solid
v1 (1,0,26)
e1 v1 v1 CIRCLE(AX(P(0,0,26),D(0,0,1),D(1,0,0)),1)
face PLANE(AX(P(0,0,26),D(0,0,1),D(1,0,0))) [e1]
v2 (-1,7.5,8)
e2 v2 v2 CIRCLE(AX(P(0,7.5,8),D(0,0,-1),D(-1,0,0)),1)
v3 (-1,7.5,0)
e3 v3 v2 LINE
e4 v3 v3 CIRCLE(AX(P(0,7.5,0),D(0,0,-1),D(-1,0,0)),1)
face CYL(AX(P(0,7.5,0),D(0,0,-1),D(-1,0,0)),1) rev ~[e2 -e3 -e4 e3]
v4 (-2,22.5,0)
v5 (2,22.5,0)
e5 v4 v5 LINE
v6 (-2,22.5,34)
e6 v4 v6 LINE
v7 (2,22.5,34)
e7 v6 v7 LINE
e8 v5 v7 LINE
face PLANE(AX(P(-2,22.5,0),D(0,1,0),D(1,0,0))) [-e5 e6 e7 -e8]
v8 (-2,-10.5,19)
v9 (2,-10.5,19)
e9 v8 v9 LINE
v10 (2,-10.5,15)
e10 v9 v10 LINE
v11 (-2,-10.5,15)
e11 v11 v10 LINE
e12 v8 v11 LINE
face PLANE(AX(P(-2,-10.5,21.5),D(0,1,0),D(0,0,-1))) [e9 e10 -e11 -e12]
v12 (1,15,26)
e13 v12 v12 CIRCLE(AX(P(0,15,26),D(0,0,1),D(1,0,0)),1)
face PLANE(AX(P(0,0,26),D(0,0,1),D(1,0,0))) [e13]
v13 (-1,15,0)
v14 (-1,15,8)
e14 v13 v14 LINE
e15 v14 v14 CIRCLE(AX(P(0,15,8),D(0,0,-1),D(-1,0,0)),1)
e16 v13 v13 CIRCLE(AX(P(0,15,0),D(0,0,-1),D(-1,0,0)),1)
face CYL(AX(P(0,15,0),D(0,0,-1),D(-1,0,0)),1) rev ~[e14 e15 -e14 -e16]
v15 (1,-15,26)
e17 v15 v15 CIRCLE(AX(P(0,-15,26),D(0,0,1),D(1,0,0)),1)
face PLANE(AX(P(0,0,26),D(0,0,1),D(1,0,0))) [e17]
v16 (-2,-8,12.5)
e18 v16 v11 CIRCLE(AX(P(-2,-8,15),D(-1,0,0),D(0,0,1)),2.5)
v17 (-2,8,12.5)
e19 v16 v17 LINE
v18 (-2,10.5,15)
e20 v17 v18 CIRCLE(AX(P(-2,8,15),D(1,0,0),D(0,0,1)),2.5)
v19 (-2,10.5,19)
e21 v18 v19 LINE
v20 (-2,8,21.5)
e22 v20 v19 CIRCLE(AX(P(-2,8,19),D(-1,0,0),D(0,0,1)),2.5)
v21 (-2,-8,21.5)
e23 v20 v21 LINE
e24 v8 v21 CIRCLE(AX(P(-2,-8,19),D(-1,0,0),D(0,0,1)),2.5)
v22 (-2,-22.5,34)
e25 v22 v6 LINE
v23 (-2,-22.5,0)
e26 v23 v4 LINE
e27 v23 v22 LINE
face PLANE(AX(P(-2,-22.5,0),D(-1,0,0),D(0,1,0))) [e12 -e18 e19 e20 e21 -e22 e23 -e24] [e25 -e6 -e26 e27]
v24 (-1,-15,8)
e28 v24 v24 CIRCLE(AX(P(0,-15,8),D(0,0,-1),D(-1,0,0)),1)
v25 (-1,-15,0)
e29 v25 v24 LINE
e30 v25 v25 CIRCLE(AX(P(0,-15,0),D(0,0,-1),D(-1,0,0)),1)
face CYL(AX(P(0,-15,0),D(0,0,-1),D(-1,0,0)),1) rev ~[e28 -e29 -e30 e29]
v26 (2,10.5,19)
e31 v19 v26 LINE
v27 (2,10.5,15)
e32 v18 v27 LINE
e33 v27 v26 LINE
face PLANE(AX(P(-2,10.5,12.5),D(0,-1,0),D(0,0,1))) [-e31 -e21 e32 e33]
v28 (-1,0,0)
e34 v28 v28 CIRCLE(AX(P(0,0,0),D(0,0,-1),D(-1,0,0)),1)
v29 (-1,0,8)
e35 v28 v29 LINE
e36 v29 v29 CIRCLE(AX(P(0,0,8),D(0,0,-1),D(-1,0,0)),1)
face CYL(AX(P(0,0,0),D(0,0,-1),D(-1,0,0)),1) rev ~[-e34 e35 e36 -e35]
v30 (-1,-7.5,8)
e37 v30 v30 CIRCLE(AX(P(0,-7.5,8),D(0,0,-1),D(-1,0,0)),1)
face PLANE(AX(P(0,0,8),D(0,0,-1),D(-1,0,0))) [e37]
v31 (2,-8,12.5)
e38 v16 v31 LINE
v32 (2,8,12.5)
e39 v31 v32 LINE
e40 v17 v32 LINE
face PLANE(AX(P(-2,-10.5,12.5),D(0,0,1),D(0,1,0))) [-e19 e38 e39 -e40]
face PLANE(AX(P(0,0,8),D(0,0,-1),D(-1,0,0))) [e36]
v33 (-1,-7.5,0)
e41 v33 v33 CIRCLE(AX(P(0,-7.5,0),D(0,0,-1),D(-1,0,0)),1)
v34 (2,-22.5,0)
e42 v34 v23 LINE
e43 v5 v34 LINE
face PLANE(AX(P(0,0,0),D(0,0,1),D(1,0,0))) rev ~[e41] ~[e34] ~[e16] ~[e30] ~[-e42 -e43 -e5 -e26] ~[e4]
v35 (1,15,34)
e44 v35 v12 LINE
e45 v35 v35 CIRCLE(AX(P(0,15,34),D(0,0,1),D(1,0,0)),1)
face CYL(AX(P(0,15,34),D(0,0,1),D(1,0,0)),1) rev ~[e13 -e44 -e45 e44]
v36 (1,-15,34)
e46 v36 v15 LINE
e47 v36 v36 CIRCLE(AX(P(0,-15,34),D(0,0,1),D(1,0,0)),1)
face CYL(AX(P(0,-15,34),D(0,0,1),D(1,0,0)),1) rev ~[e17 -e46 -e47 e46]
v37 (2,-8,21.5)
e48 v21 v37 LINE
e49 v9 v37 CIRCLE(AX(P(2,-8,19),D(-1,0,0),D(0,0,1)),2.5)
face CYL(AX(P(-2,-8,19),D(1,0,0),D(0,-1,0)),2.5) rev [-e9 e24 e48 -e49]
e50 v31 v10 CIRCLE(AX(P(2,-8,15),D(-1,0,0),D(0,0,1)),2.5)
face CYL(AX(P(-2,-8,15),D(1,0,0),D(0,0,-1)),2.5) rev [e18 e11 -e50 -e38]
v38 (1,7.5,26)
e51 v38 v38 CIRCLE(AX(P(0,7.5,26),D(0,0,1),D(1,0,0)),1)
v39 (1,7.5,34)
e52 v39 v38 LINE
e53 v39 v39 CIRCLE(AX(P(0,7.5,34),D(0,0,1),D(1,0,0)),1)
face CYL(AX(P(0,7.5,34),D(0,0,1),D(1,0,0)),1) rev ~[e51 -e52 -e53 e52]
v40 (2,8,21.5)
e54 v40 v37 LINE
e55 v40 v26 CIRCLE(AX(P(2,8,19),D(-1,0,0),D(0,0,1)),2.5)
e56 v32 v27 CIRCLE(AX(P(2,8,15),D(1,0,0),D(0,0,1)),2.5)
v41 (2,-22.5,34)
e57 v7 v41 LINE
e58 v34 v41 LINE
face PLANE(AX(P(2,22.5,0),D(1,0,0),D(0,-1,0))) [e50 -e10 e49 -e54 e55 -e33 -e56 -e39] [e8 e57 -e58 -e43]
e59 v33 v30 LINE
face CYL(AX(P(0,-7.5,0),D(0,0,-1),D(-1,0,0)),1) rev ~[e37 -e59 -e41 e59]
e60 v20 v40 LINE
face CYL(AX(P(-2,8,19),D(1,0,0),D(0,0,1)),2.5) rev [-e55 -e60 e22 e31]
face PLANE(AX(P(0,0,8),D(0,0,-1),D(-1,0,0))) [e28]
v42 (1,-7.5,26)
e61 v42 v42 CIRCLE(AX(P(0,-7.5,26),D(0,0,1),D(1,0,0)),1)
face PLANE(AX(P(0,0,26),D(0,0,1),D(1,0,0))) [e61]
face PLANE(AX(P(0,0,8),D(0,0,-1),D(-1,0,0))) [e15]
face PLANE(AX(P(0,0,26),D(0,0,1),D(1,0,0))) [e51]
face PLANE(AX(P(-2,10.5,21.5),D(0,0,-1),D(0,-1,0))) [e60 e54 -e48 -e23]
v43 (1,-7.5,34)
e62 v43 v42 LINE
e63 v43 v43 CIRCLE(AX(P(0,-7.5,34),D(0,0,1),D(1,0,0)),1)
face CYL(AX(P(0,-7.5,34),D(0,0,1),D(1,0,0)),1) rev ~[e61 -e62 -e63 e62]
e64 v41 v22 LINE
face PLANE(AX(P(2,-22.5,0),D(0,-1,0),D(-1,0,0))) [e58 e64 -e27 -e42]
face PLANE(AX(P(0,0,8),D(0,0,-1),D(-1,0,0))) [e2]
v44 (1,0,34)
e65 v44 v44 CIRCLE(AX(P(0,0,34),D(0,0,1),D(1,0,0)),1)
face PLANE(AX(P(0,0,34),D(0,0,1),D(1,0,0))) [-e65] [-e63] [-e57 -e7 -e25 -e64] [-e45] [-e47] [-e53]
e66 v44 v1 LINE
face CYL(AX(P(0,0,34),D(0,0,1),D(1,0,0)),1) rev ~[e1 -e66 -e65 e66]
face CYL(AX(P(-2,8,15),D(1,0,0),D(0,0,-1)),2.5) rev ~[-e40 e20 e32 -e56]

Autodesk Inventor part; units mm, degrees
ref_plane "YZ Plane" through (0, 0, 0) normal (1, 0, 0) x (0, 1, 0)
ref_plane "XZ Plane" through (0, 0, 0) normal (0, 1, 0) x (-1, 0, 0)
ref_plane "XY Plane" through (0, 0, 0) normal (0, 0, 1) x (1, 0, 0)
sketch "스케치1" plane through (0, 0, 0) normal (0, 0, 1) x (1, 0, 0)
  line L0 (-2, 22.5) -> (2, 22.5)
  line L1 (2, 22.5) -> (2, -22.5)
  line L2 (2, -22.5) -> (-2, -22.5)
  line L3 (-2, -22.5) -> (-2, 22.5)
  point P0 (0, 0)
  dimension "d0" = 4
  dimension "d1" = 45
  dimension "d2" = 2
  dimension "d3" = 22.5
extrude "돌출1" add sketch "스케치1" along normal blind 34
sketch "스케치2" plane through (0, 0, 34) normal (0, 0, 1) x (1, 0, 0)
  circle A0 centre (0, 15) radius 1
  circle A1 centre (0, 7.5) radius 1
  circle A2 centre (0, -7.5) radius 1
  circle A3 centre (0, -15) radius 1
  line L0 (2, 22.5) -> (-2, 22.5) projected
  line L1 (-2, 22.5) -> (-2, -22.5) projected
  line L2 (-2, -22.5) -> (2, -22.5) projected
  line L3 (2, -22.5) -> (2, 22.5) projected
  circle A4 centre (0, 0) radius 1
  point P0 (0, 0)
  dimension "d6" = 2
  dimension "d7" = 2
  dimension "d8" = 2
  dimension "d9" = 2
  dimension "d11" = 2
  dimension "d12" = 2
  dimension "d13" = 2
  dimension "d14" = 2
  dimension "d17" = 7.5
  dimension "d18" = 7.5
  dimension "d20" = 7.5
  dimension "d21" = 2
  dimension "d22" = 2
  dimension "d23" = 7.5
  dimension "d26" = 7.5
  dimension "d27" = 7.5
extrude "돌출3" cut sketch "스케치2" against normal blind 8 contours A0 | A1 | A2 | A3 | A4
sketch "스케치3" plane through (0, 0, 0) normal (0, 0, -1) x (-1, 0, 0)
  circle A0 centre (0, -15) radius 1 projected
  circle A1 centre (0, 7.5) radius 1 projected
  circle A2 centre (0, 15) radius 1 projected
  circle A3 centre (0, -7.5) radius 1 projected
  circle A4 centre (0, 0) radius 1 projected
  line L0 (-2, 22.5) -> (2, 22.5) projected
  line L1 (2, 22.5) -> (2, -22.5) projected
  line L2 (2, -22.5) -> (-2, -22.5) projected
  line L3 (-2, -22.5) -> (-2, 22.5) projected
  point P0 (0, 0)
extrude "돌출4" cut sketch "스케치3" against normal blind 8 contours A0 | A1 | A2 | A3 | A4
sketch "스케치4" plane through (-2, -22.5, 0) normal (-1, 0, 0) x (0, 0, 1)
  line L0 (0, 0) -> (0, 45) projected
  line L1 (0, 0) -> (34, 0) projected
  line L2 (34, 45) -> (34, 0) projected
  line L3 (0, 45) -> (34, 45) projected
  line L4 (8, 36.5) -> (8, 38.5) projected
  line L5 (26, 38.5) -> (26, 36.5) projected
  line L6 (12.5, 33) -> (21.5, 33)
  line L7 (21.5, 33) -> (21.5, 12)
  line L8 (21.5, 12) -> (12.5, 12)
  line L9 (12.5, 12) -> (12.5, 33)
  point P0 (0, 22.5)
  dimension "d32" = 12
  dimension "d33" = 21
  dimension "d34" = 9
  dimension "d35" = 12.5
  dimension "d36" = 34
  dimension "d37" = 12.5
  dimension "d40" = 45
  dimension "d41" = 12
extrude "돌출5" cut sketch "스케치4" against normal up to surface (4 mm away) contours L6 L7 L8 L9
fillet "모깎기1" radius 2.5 4 edges at (0, 10.5, 12.5) (0, 10.5, 21.5) (0, -10.5, 12.5) (0, -10.5, 21.5)
equation "\"d2\" = 0.5 * d0"
equation "\"d3\" = 0.5 * d1"
equation "\"d35\" = -0.5 * d34 + 0.5 * d36"
properties part number "Box_Side" material "LCP 플라스틱"
